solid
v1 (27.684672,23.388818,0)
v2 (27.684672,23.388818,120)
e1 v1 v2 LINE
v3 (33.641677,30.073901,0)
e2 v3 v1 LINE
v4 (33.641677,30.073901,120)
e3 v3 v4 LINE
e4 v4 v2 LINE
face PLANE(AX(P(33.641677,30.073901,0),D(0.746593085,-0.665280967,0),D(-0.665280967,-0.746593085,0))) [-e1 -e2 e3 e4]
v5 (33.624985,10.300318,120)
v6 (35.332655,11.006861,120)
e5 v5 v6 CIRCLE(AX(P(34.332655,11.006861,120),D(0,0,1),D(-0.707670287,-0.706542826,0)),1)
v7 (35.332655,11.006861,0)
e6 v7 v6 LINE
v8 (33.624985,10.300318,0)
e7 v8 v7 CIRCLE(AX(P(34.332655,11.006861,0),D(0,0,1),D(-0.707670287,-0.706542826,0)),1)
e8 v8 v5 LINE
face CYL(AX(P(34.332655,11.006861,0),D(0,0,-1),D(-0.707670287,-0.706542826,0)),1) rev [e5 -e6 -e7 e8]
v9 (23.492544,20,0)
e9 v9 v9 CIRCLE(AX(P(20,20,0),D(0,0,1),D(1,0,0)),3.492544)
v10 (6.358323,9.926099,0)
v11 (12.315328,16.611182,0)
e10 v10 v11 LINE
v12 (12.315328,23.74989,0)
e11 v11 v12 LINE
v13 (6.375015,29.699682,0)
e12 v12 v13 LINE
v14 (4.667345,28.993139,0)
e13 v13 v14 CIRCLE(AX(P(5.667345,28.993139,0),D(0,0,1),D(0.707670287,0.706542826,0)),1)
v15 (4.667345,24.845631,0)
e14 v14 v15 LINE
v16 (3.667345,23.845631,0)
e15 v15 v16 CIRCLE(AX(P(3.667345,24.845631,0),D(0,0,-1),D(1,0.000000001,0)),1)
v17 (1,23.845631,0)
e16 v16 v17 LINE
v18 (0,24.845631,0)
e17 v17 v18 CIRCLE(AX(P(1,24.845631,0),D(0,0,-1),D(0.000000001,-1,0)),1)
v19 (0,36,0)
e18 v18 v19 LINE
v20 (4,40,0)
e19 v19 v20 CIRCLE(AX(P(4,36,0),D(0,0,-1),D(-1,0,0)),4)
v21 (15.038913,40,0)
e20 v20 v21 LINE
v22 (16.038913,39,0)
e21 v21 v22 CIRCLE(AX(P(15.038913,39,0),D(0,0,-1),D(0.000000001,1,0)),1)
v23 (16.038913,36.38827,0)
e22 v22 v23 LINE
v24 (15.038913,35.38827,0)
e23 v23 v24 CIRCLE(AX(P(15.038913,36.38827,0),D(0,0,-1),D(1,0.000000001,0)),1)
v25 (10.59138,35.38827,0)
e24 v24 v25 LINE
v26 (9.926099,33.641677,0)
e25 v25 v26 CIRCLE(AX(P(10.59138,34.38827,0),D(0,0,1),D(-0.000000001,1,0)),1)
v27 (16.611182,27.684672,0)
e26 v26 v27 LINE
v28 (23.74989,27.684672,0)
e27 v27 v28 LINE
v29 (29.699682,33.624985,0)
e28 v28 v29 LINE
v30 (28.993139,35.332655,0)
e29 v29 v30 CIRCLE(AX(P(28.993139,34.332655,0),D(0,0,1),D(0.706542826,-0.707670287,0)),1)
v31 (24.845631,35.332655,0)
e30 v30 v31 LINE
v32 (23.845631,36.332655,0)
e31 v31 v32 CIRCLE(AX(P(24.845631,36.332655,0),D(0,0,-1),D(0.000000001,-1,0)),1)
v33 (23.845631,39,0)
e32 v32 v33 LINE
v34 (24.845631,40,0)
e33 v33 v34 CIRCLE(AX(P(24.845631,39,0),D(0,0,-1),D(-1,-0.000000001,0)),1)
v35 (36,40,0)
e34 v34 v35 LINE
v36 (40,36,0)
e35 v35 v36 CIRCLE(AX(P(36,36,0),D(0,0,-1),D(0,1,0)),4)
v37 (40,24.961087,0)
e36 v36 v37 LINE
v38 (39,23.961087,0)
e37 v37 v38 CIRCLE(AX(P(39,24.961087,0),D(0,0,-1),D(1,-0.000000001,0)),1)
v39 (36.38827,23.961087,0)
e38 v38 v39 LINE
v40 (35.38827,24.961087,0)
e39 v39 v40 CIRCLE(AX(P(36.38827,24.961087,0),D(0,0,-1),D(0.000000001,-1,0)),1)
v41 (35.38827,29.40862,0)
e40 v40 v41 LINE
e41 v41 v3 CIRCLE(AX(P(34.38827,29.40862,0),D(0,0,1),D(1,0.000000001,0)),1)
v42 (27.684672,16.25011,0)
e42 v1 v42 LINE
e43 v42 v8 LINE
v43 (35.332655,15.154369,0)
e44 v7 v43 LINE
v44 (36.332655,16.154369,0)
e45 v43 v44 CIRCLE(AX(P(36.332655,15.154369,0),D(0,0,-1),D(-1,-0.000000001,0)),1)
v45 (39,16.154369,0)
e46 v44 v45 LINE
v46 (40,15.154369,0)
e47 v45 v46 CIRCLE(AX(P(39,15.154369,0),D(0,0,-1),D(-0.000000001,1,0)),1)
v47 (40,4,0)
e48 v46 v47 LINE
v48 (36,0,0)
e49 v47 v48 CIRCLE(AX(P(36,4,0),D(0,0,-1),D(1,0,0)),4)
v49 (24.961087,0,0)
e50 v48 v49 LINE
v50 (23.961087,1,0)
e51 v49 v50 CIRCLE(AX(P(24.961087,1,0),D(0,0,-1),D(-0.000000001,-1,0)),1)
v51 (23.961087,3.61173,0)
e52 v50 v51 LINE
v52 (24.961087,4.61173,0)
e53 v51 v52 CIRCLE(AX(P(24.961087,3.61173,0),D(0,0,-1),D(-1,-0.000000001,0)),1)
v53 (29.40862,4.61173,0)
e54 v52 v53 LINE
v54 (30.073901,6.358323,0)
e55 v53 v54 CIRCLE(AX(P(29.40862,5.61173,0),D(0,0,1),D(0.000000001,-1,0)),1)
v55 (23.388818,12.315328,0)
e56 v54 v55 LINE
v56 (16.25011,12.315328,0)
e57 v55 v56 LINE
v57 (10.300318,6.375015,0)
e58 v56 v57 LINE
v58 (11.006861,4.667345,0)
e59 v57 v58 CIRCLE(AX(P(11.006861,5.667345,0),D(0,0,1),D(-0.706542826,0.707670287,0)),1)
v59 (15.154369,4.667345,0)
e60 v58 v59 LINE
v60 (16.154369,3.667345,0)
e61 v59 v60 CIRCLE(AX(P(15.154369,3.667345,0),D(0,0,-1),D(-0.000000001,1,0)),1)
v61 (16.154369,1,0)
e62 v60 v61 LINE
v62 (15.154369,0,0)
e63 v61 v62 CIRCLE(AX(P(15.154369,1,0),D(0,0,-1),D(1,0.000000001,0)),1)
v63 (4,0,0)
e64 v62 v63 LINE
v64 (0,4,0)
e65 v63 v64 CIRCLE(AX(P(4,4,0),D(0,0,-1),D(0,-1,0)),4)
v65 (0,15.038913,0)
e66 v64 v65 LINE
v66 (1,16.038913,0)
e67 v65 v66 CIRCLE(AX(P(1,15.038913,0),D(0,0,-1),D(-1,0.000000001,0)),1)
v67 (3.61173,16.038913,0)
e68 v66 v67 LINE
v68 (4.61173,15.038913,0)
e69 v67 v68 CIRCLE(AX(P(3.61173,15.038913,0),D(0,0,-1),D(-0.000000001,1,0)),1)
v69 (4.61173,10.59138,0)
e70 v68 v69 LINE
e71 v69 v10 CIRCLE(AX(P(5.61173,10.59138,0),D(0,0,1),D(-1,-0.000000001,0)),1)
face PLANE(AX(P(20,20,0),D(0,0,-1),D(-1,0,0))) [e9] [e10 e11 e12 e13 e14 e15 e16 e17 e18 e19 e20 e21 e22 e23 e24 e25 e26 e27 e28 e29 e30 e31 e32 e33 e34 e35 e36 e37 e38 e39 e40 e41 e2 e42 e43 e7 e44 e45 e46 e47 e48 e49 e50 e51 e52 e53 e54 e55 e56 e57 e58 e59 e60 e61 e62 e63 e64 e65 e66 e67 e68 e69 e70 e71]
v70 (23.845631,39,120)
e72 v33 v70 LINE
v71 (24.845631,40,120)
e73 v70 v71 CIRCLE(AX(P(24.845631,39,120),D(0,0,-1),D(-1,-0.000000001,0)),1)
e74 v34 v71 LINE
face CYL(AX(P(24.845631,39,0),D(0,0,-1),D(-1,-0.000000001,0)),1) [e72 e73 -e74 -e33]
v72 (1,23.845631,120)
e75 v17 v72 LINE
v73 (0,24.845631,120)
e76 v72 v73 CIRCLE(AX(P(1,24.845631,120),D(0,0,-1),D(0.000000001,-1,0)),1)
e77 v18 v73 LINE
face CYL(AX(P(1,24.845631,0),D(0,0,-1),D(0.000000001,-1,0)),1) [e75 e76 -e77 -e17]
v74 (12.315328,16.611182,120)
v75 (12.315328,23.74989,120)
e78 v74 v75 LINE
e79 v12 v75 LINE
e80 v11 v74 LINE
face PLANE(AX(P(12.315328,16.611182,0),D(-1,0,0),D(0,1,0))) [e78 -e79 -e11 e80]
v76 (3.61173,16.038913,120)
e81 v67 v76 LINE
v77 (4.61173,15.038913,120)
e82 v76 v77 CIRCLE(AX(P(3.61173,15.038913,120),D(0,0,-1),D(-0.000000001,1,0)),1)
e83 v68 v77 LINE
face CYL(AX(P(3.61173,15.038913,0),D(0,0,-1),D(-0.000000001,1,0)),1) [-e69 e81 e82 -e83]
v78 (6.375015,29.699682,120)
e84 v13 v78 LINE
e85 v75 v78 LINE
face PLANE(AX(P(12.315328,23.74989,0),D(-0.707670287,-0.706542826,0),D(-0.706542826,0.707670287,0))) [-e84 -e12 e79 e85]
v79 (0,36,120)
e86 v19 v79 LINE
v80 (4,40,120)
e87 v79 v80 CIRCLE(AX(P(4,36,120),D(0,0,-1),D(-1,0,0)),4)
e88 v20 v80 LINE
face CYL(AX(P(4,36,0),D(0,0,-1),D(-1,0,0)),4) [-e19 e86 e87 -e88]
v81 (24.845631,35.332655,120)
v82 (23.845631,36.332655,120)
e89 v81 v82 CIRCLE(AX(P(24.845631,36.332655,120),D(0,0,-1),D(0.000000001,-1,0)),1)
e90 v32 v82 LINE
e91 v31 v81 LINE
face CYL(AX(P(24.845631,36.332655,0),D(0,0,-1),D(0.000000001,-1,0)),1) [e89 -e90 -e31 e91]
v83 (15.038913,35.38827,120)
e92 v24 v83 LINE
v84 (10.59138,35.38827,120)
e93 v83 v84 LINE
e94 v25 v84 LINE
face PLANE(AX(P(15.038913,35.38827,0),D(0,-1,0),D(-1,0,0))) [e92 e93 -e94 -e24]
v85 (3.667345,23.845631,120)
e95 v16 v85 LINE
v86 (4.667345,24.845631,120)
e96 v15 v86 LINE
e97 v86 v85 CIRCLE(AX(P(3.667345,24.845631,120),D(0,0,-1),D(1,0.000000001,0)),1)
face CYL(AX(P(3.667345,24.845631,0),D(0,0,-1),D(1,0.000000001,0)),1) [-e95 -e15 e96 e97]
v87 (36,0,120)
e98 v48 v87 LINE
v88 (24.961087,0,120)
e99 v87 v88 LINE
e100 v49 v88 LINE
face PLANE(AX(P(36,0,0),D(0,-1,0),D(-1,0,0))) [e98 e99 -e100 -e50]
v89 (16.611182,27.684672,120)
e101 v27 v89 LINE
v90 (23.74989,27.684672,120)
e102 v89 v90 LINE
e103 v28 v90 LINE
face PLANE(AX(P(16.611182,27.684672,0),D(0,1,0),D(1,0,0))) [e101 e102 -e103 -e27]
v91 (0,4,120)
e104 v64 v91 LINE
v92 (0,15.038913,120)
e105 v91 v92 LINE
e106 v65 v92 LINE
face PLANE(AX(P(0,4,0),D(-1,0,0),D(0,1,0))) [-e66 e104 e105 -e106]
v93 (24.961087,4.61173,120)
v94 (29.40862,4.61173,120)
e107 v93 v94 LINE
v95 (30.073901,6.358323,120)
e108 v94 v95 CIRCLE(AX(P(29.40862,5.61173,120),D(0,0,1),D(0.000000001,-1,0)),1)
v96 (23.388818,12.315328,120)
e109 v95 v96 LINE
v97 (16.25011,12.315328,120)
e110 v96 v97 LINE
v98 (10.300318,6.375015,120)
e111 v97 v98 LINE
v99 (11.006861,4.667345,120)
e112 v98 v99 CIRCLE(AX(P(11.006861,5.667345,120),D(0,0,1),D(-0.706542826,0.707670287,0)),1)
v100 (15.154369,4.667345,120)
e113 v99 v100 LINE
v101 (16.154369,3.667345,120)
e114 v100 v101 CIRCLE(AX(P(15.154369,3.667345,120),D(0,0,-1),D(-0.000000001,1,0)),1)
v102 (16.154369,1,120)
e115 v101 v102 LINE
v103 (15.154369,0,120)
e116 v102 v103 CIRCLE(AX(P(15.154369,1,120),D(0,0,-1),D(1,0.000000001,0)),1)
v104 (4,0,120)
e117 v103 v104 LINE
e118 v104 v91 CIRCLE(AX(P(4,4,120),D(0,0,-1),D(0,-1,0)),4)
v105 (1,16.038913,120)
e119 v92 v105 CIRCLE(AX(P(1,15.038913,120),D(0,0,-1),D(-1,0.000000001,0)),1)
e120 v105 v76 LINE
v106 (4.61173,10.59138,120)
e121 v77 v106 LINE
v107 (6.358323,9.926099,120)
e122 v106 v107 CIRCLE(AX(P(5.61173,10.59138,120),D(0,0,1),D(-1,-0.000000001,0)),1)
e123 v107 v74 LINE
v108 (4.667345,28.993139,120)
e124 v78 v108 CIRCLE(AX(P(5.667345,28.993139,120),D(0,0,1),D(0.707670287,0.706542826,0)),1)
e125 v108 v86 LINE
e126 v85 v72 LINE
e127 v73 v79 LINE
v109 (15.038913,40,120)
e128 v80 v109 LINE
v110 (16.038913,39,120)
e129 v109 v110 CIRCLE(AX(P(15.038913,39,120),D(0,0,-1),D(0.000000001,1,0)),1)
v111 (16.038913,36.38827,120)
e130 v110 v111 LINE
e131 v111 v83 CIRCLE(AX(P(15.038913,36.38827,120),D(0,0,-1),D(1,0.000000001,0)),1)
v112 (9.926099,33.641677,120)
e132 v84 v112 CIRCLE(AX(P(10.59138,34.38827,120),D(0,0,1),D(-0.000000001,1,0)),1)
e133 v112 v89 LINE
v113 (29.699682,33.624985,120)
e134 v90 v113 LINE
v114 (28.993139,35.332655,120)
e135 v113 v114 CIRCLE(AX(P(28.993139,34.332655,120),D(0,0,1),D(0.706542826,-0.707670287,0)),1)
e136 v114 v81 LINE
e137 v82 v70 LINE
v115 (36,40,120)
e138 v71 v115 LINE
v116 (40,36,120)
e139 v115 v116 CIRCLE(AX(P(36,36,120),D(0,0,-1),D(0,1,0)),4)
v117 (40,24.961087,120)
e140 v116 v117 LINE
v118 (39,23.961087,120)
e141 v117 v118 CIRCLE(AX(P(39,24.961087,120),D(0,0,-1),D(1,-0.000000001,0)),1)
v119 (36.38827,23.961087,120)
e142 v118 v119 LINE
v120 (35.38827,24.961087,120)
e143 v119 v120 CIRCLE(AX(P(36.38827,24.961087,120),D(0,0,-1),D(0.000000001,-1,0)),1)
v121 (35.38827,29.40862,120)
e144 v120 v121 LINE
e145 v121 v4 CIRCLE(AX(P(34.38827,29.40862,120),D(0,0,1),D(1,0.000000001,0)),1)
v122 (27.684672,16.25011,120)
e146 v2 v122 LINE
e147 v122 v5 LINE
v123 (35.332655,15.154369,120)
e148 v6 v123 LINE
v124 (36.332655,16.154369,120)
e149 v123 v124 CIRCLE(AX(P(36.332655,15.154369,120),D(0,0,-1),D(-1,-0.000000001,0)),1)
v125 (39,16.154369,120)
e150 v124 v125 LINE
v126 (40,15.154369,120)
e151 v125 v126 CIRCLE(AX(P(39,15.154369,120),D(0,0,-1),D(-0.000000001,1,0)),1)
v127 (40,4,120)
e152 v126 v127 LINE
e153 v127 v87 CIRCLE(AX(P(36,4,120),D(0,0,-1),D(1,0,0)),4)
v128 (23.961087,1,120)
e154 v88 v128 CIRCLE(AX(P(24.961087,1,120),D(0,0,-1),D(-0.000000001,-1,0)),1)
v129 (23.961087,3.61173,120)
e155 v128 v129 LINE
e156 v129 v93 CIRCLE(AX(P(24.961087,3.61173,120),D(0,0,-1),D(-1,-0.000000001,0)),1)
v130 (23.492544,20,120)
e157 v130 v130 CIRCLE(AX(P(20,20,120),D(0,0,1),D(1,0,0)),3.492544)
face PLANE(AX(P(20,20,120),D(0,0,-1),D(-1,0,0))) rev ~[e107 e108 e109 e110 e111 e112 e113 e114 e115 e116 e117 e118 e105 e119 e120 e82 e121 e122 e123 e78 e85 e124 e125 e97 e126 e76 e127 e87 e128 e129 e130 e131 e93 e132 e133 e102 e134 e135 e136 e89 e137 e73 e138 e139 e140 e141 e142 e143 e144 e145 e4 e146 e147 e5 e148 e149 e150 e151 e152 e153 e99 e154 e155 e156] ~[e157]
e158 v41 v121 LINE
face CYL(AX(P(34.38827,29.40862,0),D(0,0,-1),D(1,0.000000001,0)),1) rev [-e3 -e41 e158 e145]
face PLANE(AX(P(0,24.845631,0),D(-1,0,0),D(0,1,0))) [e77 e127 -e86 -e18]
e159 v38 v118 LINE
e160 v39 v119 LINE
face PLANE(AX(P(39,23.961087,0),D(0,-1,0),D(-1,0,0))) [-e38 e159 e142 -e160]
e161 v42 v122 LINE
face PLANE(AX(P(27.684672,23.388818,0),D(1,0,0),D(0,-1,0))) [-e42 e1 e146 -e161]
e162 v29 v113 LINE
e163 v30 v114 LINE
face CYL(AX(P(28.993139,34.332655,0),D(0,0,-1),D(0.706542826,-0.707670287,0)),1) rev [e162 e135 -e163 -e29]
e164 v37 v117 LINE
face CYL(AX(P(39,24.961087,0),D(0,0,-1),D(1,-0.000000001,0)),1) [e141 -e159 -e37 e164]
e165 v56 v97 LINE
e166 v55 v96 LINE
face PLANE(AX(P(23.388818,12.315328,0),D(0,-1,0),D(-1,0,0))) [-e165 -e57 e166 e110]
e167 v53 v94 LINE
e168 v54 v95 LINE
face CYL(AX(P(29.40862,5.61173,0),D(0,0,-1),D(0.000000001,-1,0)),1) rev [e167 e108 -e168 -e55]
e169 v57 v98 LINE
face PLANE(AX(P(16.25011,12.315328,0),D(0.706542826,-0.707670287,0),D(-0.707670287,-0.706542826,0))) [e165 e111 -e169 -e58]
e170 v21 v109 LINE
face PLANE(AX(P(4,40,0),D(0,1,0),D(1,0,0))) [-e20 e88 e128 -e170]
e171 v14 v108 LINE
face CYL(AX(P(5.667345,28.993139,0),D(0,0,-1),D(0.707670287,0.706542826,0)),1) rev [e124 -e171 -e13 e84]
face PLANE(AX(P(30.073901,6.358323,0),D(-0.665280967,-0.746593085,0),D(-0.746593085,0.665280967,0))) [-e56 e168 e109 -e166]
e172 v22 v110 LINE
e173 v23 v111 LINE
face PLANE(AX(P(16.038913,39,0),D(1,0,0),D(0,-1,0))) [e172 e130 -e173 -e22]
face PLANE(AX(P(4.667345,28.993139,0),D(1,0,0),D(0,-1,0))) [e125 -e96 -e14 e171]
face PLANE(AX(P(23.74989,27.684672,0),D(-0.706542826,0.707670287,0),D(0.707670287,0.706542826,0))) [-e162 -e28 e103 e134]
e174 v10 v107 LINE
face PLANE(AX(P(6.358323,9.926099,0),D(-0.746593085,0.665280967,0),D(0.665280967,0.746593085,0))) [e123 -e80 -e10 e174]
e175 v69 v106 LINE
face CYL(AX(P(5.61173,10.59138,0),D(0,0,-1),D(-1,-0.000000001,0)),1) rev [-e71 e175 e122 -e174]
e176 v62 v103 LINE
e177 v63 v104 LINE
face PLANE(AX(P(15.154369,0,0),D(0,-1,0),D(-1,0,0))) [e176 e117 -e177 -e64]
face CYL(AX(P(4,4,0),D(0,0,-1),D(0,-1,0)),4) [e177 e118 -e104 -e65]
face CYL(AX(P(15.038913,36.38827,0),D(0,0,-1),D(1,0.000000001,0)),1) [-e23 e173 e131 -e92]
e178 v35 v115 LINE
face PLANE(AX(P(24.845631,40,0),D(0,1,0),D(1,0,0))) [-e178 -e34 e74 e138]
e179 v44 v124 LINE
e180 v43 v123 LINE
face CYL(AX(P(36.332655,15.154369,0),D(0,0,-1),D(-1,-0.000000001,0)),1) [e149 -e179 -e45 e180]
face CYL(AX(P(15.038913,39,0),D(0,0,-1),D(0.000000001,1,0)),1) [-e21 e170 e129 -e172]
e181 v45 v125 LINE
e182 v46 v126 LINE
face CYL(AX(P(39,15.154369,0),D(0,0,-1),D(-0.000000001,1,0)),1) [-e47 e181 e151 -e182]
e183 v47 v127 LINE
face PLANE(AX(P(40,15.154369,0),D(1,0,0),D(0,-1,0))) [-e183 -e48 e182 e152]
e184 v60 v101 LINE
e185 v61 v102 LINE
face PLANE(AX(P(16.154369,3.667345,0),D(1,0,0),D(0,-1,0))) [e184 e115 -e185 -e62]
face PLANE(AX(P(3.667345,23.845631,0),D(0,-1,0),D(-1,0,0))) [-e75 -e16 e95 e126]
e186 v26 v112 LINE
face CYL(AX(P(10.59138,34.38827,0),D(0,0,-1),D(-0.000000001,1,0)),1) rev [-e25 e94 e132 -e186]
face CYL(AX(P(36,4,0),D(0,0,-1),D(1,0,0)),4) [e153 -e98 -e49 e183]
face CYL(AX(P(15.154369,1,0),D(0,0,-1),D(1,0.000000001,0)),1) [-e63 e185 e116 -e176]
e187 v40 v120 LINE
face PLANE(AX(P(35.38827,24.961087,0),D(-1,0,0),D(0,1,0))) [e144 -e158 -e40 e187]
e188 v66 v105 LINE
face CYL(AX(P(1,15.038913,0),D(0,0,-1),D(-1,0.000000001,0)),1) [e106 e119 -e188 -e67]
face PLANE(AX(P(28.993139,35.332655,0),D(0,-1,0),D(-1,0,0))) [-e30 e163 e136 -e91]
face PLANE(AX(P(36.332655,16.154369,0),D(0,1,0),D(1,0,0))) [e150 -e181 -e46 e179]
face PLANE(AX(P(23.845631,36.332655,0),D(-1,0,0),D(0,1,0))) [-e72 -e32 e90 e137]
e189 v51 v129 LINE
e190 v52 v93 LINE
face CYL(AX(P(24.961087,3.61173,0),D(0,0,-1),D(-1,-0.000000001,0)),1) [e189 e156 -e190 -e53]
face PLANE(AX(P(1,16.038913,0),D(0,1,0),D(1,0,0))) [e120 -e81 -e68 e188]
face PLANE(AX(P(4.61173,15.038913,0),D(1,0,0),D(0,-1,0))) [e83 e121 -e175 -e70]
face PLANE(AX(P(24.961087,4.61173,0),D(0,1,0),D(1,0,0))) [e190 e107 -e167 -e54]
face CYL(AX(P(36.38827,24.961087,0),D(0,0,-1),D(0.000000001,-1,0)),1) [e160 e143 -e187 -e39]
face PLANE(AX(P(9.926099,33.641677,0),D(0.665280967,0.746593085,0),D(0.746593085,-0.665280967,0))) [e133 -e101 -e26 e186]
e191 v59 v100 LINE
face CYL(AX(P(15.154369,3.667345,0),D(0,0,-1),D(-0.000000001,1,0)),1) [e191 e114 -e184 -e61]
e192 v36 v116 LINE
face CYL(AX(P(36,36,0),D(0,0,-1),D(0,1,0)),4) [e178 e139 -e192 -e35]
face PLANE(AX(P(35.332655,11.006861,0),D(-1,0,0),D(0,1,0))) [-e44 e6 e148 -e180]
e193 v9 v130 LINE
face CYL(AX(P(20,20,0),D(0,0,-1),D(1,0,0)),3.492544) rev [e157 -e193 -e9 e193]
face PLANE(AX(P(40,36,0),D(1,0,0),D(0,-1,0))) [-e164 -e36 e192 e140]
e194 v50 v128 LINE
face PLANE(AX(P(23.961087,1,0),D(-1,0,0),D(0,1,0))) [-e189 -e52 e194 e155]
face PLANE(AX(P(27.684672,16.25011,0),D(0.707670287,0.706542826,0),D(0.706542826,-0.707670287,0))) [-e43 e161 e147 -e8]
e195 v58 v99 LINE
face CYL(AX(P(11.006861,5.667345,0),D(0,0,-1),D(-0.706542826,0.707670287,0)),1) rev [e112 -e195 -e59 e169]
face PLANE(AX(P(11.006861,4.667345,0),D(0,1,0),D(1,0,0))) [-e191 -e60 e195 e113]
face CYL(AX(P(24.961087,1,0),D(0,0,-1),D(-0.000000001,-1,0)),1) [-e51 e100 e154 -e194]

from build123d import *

# Parameters (mm, degrees)
SKETCH2_R           = 3.492543695
BOSS_EXTRUDE1_DEPTH = 120


with BuildPart() as part:
    # Sketch2 → Boss-Extrude1 (new body)
    with BuildSketch(Plane.XY):
        with BuildLine():
            Line((19.48831917, 27.684671829), (23.749889801, 27.684671829))
            Line((23.749889801, 27.684671829), (29.699681879, 33.624984685))
            ThreePointArc((29.699681879, 33.624984685), (29.917171057, 34.714970099), (28.993139054, 35.332654972))
            Line((28.993139054, 35.332654972), (24.845630957, 35.332654972))
            ThreePointArc((24.845630957, 35.332654972), (24.138524175, 35.625548191), (23.845630957, 36.332654972))
            Line((23.845630957, 36.332654972), (23.845630957, 39))
            ThreePointArc((23.845630957, 39), (24.138524175, 39.707106781), (24.845630957, 40))
            Line((24.845630957, 40), (36, 40))
            ThreePointArc((36, 40), (38.828427125, 38.828427125), (40, 36))
            Line((40, 36), (40, 24.961087436))
            ThreePointArc((40, 24.961087436), (39.707106781, 24.253980655), (39, 23.961087436))
            Line((39, 23.961087436), (36.388269628, 23.961087436))
            ThreePointArc((36.388269628, 23.961087436), (35.681162846, 24.253980655), (35.388269628, 24.961087436))
            Line((35.388269628, 24.961087436), (35.388269628, 29.408620307))
            ThreePointArc((35.388269628, 29.408620307), (34.744223919, 30.343123673), (33.641676542, 30.073901274))
            Line((33.641676542, 30.073901274), (27.684671829, 23.388818206))
            Line((27.684671829, 23.388818206), (27.684671829, 20.51168083))
            Line((27.684671829, 20.51168083), (27.684671829, 16.250110199))
            Line((27.684671829, 16.250110199), (33.624984685, 10.300318121))
            ThreePointArc((33.624984685, 10.300318121), (34.714970099, 10.082828943), (35.332654972, 11.006860946))
            Line((35.332654972, 11.006860946), (35.332654972, 15.154369043))
            ThreePointArc((35.332654972, 15.154369043), (35.625548191, 15.861475825), (36.332654972, 16.154369043))
            Line((36.332654972, 16.154369043), (39, 16.154369043))
            ThreePointArc((39, 16.154369043), (39.707106781, 15.861475825), (40, 15.154369043))
            Line((40, 15.154369043), (40, 4))
            ThreePointArc((40, 4), (38.828427125, 1.171572875), (36, 0))
            Line((36, 0), (24.961087436, 0))
            ThreePointArc((24.961087436, 0), (24.253980655, 0.292893219), (23.961087436, 1))
            Line((23.961087436, 1), (23.961087436, 3.611730372))
            ThreePointArc((23.961087436, 3.611730372), (24.253980655, 4.318837154), (24.961087436, 4.611730372))
            Line((24.961087436, 4.611730372), (29.408620307, 4.611730372))
            ThreePointArc((29.408620307, 4.611730372), (30.343123673, 5.255776081), (30.073901274, 6.358323458))
            Line((30.073901274, 6.358323458), (23.388818206, 12.315328171))
            Line((23.388818206, 12.315328171), (20.51168083, 12.315328171))
            Line((20.51168083, 12.315328171), (16.250110199, 12.315328171))
            Line((16.250110199, 12.315328171), (10.300318121, 6.375015315))
            ThreePointArc((10.300318121, 6.375015315), (10.082828943, 5.285029901), (11.006860946, 4.667345028))
            Line((11.006860946, 4.667345028), (15.154369043, 4.667345028))
            ThreePointArc((15.154369043, 4.667345028), (15.861475825, 4.374451809), (16.154369043, 3.667345028))
            Line((16.154369043, 3.667345028), (16.154369043, 1))
            ThreePointArc((16.154369043, 1), (15.861475825, 0.292893219), (15.154369043, 0))
            Line((15.154369043, 0), (4, 0))
            ThreePointArc((4, 0), (1.171572875, 1.171572875), (0, 4))
            Line((0, 4), (0, 15.038912564))
            ThreePointArc((0, 15.038912564), (0.292893219, 15.746019345), (1, 16.038912564))
            Line((1, 16.038912564), (3.611730372, 16.038912564))
            ThreePointArc((3.611730372, 16.038912564), (4.318837154, 15.746019345), (4.611730372, 15.038912564))
            Line((4.611730372, 15.038912564), (4.611730372, 10.591379693))
            ThreePointArc((4.611730372, 10.591379693), (5.255776081, 9.656876327), (6.358323458, 9.926098726))
            Line((6.358323458, 9.926098726), (12.315328171, 16.611181794))
            Line((12.315328171, 16.611181794), (12.315328171, 19.48831917))
            Line((12.315328171, 19.48831917), (12.315328171, 23.749889801))
            Line((12.315328171, 23.749889801), (6.375015315, 29.699681879))
            ThreePointArc((6.375015315, 29.699681879), (5.285029901, 29.917171057), (4.667345028, 28.993139054))
            Line((4.667345028, 28.993139054), (4.667345028, 24.845630957))
            ThreePointArc((4.667345028, 24.845630957), (4.374451809, 24.138524175), (3.667345028, 23.845630957))
            Line((3.667345028, 23.845630957), (1, 23.845630957))
            ThreePointArc((1, 23.845630957), (0.292893219, 24.138524175), (0, 24.845630957))
            Line((0, 24.845630957), (0, 36))
            ThreePointArc((0, 36), (1.171572875, 38.828427125), (4, 40))
            Line((4, 40), (15.038912564, 40))
            ThreePointArc((15.038912564, 40), (15.746019345, 39.707106781), (16.038912564, 39))
            Line((16.038912564, 39), (16.038912564, 36.388269628))
            ThreePointArc((16.038912564, 36.388269628), (15.746019345, 35.681162846), (15.038912564, 35.388269628))
            Line((15.038912564, 35.388269628), (10.591379693, 35.388269628))
            ThreePointArc((10.591379693, 35.388269628), (9.656876327, 34.744223919), (9.926098726, 33.641676542))
            Line((9.926098726, 33.641676542), (16.611181794, 27.684671829))
            Line((16.611181794, 27.684671829), (19.48831917, 27.684671829))
        make_face()
        with Locations((20, 20)):
            Circle(SKETCH2_R, mode=Mode.SUBTRACT)
    extrude(amount=BOSS_EXTRUDE1_DEPTH)


solid = part.part
